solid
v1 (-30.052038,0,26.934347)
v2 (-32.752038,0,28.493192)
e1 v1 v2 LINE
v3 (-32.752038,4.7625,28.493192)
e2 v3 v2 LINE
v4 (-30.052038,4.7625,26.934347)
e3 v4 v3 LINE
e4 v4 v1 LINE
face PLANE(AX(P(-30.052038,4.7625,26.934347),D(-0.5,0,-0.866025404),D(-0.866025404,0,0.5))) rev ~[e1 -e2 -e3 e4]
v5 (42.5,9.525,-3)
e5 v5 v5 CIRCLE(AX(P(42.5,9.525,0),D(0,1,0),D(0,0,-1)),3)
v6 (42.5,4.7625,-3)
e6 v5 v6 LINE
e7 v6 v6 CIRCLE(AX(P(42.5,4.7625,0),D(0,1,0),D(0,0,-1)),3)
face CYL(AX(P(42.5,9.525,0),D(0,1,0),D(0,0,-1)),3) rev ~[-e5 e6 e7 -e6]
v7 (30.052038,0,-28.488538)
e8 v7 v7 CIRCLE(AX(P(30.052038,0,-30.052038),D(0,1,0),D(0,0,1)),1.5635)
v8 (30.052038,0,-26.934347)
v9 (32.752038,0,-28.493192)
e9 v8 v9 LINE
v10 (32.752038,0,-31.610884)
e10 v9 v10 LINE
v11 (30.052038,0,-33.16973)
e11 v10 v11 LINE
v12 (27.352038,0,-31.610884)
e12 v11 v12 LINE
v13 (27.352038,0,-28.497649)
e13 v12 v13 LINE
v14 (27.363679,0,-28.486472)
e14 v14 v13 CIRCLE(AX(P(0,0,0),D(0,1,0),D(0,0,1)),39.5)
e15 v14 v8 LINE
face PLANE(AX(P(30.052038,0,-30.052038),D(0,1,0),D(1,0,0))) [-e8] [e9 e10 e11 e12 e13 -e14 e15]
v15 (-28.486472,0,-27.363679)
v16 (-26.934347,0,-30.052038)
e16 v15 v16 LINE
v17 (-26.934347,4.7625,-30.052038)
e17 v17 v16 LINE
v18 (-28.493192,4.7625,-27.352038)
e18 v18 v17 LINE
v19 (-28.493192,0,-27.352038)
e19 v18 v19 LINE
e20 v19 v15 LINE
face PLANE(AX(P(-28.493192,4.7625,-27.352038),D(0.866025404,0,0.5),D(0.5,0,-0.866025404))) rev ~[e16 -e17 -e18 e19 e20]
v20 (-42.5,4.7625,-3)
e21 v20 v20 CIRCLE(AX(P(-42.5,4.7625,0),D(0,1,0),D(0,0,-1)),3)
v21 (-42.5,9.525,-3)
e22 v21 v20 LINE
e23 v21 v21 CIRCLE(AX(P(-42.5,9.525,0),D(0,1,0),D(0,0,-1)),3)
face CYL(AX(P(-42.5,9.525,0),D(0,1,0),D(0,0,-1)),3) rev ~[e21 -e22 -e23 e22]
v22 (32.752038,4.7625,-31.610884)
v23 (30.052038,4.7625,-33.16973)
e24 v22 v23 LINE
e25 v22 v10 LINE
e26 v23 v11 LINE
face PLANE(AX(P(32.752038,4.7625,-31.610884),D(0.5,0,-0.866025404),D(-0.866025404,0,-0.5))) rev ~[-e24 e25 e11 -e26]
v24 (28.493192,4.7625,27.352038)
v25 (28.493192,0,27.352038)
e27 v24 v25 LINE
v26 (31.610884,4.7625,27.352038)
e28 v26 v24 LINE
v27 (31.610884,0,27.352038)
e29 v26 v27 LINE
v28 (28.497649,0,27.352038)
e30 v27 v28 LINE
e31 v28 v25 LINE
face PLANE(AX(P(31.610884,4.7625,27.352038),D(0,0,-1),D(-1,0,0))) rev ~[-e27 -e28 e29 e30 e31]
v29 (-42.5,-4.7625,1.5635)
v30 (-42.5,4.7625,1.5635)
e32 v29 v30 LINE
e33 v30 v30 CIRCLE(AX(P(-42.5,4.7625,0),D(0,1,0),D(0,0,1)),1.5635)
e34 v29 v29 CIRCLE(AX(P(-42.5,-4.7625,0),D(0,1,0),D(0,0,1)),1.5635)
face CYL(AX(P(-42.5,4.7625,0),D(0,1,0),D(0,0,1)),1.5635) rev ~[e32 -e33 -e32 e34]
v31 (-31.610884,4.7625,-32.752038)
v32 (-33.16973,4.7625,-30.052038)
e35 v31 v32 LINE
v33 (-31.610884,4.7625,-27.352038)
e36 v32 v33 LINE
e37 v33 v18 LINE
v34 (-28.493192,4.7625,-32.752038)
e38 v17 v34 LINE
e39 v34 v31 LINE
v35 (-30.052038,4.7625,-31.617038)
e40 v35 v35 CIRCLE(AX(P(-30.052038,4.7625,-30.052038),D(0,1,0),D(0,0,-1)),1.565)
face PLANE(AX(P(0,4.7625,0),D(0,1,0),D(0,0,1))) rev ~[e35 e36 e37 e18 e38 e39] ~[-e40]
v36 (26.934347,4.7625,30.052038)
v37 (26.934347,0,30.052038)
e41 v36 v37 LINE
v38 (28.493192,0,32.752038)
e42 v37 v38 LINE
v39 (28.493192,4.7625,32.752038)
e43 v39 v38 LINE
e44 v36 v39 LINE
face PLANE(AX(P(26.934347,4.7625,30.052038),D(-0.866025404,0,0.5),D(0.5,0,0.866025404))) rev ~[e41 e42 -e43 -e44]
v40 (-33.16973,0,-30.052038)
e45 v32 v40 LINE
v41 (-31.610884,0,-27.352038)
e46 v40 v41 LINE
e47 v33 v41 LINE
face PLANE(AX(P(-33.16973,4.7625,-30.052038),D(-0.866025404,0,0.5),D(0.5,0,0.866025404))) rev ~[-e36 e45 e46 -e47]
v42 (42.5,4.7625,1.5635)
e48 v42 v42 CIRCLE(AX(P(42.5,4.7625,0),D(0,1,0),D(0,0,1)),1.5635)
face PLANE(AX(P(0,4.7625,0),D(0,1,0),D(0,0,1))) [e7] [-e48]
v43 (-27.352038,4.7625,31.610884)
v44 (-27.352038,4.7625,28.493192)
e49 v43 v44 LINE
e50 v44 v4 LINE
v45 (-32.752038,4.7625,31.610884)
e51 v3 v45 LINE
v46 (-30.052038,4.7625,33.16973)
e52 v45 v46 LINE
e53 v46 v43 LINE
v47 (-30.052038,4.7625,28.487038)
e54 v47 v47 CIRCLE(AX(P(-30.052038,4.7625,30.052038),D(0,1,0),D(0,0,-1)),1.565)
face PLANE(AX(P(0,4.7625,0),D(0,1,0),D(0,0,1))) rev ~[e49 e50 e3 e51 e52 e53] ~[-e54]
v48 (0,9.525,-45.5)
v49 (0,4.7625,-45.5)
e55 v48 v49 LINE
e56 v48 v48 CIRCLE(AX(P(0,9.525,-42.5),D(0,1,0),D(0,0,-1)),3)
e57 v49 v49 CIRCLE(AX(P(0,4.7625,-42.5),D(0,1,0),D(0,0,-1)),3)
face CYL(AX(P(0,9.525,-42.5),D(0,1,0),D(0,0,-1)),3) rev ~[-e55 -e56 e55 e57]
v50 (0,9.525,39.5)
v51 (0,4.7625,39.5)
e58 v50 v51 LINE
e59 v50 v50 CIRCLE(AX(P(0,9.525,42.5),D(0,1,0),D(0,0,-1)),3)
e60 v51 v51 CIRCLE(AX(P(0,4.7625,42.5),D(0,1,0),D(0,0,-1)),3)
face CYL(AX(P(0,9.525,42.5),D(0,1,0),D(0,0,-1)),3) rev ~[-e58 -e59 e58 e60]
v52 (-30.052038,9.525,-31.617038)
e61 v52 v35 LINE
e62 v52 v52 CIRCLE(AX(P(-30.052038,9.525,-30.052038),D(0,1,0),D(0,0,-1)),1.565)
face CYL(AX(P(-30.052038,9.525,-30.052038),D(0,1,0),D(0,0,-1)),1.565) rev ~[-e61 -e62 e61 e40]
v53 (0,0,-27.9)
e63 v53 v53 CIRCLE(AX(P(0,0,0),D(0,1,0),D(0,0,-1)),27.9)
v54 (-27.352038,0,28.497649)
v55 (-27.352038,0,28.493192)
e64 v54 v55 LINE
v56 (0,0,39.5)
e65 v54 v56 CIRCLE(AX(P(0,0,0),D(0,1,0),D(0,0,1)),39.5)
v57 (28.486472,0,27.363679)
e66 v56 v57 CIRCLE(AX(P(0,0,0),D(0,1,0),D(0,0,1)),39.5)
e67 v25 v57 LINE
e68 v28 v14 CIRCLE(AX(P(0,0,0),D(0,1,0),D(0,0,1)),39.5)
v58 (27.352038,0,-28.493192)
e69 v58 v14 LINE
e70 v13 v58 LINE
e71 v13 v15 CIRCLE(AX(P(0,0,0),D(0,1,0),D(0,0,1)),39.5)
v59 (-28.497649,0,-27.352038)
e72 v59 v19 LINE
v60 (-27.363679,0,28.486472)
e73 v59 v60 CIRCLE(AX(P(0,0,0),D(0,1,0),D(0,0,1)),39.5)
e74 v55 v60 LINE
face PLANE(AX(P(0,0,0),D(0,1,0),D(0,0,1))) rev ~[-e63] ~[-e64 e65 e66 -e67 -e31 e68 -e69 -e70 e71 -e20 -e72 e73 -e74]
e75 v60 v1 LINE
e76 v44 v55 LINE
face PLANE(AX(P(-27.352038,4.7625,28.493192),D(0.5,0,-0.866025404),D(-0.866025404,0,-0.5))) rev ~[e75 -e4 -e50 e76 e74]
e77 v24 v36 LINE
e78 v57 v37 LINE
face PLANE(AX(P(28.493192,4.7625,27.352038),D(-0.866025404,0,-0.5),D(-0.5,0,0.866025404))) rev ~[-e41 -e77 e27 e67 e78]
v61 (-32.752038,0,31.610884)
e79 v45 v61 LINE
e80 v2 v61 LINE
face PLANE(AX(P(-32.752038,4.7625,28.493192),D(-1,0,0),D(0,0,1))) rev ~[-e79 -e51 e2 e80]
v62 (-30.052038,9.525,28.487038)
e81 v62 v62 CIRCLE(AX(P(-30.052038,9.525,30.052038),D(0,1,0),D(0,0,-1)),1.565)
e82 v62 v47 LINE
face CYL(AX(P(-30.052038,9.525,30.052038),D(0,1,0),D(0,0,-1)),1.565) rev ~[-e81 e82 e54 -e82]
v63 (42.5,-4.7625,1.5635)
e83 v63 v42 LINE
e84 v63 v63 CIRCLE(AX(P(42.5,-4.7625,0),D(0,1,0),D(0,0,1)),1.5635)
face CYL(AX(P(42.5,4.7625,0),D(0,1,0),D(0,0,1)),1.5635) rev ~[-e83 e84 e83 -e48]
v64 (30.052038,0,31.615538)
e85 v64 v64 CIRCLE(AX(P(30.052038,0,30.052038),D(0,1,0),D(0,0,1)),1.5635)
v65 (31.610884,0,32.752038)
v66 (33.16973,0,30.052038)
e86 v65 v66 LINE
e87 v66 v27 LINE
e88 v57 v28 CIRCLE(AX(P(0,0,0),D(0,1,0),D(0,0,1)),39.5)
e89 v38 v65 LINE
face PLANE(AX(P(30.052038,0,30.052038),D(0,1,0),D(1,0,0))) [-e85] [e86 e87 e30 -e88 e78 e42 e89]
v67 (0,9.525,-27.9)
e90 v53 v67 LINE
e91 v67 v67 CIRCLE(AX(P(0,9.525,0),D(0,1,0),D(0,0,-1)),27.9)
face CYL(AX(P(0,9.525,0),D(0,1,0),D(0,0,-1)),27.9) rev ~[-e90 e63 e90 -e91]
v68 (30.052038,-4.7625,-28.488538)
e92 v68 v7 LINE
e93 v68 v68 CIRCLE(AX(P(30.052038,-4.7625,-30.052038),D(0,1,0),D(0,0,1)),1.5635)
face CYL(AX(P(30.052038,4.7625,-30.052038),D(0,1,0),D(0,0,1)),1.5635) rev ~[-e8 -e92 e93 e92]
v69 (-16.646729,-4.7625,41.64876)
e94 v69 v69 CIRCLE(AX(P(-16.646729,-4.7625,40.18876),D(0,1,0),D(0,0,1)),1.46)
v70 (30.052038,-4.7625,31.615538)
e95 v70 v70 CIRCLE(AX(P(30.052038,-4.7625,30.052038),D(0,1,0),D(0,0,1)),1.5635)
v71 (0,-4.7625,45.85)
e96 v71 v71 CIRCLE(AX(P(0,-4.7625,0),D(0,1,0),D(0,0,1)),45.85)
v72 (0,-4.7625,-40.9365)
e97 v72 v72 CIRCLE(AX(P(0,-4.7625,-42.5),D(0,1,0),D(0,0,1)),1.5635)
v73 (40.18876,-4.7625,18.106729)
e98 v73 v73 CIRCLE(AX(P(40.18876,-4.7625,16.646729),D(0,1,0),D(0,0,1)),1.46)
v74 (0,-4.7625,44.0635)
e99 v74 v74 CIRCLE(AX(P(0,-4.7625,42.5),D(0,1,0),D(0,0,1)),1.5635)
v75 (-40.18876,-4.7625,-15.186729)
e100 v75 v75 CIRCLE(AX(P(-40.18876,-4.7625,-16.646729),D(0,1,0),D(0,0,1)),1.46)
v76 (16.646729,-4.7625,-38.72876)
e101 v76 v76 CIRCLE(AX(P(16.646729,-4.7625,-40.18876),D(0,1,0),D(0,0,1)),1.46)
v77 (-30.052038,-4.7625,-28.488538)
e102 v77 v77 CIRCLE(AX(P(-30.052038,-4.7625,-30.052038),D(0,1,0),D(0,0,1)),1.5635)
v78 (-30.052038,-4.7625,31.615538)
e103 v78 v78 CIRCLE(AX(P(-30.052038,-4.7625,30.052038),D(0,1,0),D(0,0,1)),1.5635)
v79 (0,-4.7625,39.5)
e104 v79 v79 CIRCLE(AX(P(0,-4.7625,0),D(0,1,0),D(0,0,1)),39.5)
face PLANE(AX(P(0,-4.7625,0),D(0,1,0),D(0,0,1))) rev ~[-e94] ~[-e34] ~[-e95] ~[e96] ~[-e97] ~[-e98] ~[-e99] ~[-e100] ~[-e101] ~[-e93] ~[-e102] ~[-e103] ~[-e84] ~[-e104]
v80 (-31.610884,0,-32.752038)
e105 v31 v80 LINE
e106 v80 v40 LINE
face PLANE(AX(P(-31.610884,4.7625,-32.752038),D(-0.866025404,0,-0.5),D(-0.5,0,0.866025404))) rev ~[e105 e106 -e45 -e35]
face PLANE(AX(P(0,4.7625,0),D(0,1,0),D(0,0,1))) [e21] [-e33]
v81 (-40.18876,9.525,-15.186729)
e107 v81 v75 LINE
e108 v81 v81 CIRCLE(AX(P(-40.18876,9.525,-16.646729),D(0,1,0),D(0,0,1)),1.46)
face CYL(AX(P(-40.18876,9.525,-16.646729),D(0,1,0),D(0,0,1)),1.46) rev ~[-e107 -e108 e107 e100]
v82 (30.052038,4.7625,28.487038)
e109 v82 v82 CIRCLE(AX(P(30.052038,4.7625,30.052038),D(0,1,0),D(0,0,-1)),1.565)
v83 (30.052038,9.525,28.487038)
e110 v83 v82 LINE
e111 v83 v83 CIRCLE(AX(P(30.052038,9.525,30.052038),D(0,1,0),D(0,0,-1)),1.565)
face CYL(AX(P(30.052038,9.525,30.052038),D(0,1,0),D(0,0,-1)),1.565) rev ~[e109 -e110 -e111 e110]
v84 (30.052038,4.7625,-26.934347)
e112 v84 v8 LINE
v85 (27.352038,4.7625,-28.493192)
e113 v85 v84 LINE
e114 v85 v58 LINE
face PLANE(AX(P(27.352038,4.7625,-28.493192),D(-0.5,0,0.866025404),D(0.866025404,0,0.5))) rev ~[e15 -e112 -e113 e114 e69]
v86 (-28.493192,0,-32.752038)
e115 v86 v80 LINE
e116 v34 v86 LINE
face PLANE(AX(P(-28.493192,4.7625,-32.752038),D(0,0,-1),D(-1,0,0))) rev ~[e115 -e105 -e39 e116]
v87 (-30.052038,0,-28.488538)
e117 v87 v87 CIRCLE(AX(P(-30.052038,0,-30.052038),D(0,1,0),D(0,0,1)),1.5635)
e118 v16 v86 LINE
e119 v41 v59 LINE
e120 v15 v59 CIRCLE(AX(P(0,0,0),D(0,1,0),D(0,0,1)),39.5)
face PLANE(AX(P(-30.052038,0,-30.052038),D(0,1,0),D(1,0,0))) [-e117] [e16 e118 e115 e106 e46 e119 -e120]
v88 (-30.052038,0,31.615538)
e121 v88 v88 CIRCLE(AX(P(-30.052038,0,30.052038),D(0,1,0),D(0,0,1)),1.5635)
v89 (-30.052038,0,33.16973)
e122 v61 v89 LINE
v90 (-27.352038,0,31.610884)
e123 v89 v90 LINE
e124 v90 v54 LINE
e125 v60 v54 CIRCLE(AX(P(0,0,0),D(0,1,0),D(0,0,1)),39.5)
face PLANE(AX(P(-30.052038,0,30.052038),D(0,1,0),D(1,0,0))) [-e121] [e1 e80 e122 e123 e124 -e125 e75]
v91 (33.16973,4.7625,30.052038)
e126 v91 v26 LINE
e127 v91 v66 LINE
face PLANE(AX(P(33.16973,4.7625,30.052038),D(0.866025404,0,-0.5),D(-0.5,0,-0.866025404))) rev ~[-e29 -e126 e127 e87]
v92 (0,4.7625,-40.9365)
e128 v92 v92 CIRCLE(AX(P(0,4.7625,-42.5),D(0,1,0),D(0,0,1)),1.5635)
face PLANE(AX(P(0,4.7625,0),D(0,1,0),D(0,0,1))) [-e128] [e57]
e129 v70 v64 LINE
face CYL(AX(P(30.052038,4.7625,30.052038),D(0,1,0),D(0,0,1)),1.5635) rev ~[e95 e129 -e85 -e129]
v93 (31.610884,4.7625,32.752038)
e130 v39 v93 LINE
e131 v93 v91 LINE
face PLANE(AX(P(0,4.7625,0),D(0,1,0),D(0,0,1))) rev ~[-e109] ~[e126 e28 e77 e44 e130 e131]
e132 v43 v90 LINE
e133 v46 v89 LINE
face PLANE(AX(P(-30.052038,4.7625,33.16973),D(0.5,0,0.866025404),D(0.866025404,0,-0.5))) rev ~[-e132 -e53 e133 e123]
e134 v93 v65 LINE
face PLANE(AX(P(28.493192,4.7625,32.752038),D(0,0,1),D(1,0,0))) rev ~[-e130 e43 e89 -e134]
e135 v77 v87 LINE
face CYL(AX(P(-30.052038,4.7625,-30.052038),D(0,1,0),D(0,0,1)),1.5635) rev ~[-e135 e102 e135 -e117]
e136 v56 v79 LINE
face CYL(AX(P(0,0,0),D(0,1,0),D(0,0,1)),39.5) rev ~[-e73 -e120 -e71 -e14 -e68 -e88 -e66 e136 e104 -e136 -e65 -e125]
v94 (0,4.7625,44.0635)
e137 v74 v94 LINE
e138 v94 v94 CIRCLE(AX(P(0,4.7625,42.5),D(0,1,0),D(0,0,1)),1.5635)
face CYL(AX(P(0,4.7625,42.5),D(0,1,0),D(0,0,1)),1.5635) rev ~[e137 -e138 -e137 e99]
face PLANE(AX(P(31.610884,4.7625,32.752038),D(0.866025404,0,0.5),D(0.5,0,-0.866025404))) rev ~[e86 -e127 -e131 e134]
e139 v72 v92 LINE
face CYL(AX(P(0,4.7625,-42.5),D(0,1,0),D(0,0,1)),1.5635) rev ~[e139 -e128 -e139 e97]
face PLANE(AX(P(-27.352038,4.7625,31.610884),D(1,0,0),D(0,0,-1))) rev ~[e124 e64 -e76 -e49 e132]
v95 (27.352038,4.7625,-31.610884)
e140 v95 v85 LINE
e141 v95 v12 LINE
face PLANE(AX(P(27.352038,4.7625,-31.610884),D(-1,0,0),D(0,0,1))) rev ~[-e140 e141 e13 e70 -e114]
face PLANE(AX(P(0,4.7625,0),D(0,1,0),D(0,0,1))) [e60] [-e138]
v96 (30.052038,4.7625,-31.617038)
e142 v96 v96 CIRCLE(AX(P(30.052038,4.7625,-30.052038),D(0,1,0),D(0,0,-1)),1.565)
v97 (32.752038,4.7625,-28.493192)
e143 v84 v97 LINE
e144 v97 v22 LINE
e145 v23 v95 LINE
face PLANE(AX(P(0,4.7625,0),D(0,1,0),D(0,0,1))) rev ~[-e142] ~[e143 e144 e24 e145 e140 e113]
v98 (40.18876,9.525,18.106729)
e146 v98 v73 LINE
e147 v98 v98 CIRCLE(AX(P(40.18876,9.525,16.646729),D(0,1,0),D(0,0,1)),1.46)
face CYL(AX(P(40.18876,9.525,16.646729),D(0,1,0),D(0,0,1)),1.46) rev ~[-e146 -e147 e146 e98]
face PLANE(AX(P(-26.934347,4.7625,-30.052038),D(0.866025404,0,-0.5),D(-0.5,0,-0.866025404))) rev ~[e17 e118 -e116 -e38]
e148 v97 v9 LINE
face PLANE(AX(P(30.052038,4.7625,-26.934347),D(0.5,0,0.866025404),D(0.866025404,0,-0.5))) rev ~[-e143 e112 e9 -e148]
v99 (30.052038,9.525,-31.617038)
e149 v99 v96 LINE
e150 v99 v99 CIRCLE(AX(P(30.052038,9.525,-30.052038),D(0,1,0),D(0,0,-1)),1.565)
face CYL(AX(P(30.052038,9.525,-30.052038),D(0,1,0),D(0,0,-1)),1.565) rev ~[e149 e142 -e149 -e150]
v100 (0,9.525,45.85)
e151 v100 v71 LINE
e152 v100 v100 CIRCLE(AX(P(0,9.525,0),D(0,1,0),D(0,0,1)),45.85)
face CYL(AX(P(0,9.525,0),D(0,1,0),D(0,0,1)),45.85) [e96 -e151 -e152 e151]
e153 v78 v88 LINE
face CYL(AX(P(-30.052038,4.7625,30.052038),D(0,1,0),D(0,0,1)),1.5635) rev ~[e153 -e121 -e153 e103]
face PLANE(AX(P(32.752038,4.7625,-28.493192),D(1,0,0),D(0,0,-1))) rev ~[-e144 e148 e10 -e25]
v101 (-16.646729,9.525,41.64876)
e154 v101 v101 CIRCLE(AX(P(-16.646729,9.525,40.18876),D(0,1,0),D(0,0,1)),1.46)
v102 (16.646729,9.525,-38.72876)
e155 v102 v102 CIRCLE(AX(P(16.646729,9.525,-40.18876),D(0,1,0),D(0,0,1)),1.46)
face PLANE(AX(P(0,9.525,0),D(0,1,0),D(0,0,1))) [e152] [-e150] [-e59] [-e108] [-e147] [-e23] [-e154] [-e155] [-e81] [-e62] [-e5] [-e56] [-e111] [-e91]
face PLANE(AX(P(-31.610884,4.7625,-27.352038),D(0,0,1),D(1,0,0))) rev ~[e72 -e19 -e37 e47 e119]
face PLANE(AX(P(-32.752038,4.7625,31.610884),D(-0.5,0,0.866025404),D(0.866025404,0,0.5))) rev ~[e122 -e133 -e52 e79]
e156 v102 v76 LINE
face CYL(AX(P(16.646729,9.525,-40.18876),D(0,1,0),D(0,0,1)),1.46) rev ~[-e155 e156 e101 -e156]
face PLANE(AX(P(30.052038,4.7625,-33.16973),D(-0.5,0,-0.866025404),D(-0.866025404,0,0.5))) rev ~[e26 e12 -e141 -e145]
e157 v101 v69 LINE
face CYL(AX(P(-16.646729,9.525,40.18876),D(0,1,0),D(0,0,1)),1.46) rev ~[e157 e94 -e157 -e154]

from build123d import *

# Parameters (mm, degrees)
SKETCH1_R           = 45.85
SKETCH1_R_2         = 1.5635
SKETCH1_R_3         = 39.5
BOSS_EXTRUDE1_DEPTH = 4.7625
BOSS_EXTRUDE2_START = 4.7625
SKETCH1_4_R         = 45.85
SKETCH1_4_R_2       = 1.5635
SKETCH1_4_R_3       = 27.9
BOSS_EXTRUDE2_DEPTH = 4.7625
CUT_EXTRUDE2_DEPTH  = 4.7625
BOSS_EXTRUDE3_START = 4.7625
SKETCH3_R           = 45.85
SKETCH3_R_2         = 3
SKETCH3_R_3         = 27.9
SKETCH3_R_4         = 1.565
BOSS_EXTRUDE3_DEPTH = 4.7625
SKETCH6_R           = 1.46
CUT_EXTRUDE4_DEPTH  = 67.397120843


with BuildPart() as part:
    # Sketch1 → Boss-Extrude1 (new body)
    with BuildSketch(Plane(origin=(0, 0, 0), x_dir=(1, 0, 0), z_dir=(0, 1, 0))):
        Circle(SKETCH1_R)
        with Locations((-30.0520382, -30.0520382)):
            Circle(SKETCH1_R_2, mode=Mode.SUBTRACT)
        with Locations((0, -42.5)):
            Circle(SKETCH1_R_2, mode=Mode.SUBTRACT)
        with Locations((30.0520382, -30.0520382)):
            Circle(SKETCH1_R_2, mode=Mode.SUBTRACT)
        with Locations((-42.5, 0)):
            Circle(SKETCH1_R_2, mode=Mode.SUBTRACT)
        with Locations((-30.0520382, 30.0520382)):
            Circle(SKETCH1_R_2, mode=Mode.SUBTRACT)
        Circle(SKETCH1_R_3, mode=Mode.SUBTRACT)
        with Locations((42.5, 0)):
            Circle(SKETCH1_R_2, mode=Mode.SUBTRACT)
        with Locations((0, 42.5)):
            Circle(SKETCH1_R_2, mode=Mode.SUBTRACT)
        with Locations((30.0520382, 30.0520382)):
            Circle(SKETCH1_R_2, mode=Mode.SUBTRACT)
    extrude(amount=-BOSS_EXTRUDE1_DEPTH)

    # Sketch1<4> → Boss-Extrude2 (add)
    with BuildSketch(Plane(origin=(0, 0, 0), x_dir=(1, 0, 0), z_dir=(0, 1, 0)).offset(BOSS_EXTRUDE2_START)):
        Circle(SKETCH1_4_R)
        with Locations((-30.0520382, -30.0520382)):
            Circle(SKETCH1_4_R_2, mode=Mode.SUBTRACT)
        with Locations((0, -42.5)):
            Circle(SKETCH1_4_R_2, mode=Mode.SUBTRACT)
        with Locations((30.0520382, -30.0520382)):
            Circle(SKETCH1_4_R_2, mode=Mode.SUBTRACT)
        with Locations((-42.5, 0)):
            Circle(SKETCH1_4_R_2, mode=Mode.SUBTRACT)
        with Locations((-30.0520382, 30.0520382)):
            Circle(SKETCH1_4_R_2, mode=Mode.SUBTRACT)
        with Locations((42.5, 0)):
            Circle(SKETCH1_4_R_2, mode=Mode.SUBTRACT)
        with Locations((0, 42.5)):
            Circle(SKETCH1_4_R_2, mode=Mode.SUBTRACT)
        with Locations((30.0520382, 30.0520382)):
            Circle(SKETCH1_4_R_2, mode=Mode.SUBTRACT)
        Circle(SKETCH1_4_R_3, mode=Mode.SUBTRACT)
    extrude(amount=-BOSS_EXTRUDE2_DEPTH)

    # Sketch4 → Cut-Extrude2 (cut)
    with BuildSketch(Plane(origin=(0, 4.7625, 0), x_dir=(1, 0, 0), z_dir=(0, 1, 0))):
        Polygon((28.493192474, -27.3520382), (26.934346747, -30.0520382), (28.493192474, -32.7520382), (31.610883927, -32.7520382), (33.169729654, -30.0520382), (31.610883927, -27.3520382), align=None)
        Polygon((30.0520382, 33.169729654), (27.3520382, 31.610883927), (27.3520382, 28.493192474), (30.0520382, 26.934346747), (32.7520382, 28.493192474), (32.7520382, 31.610883927), align=None)
        Polygon((-27.3520382, -28.493192474), (-30.0520382, -26.934346747), (-32.7520382, -28.493192474), (-32.7520382, -31.610883927), (-30.0520382, -33.169729654), (-27.3520382, -31.610883927), align=None)
        Polygon((-28.493192474, 27.3520382), (-26.934346747, 30.0520382), (-28.493192474, 32.7520382), (-31.610883927, 32.7520382), (-33.169729654, 30.0520382), (-31.610883927, 27.3520382), align=None)
    extrude(amount=-CUT_EXTRUDE2_DEPTH, mode=Mode.SUBTRACT)

    # Sketch3 → Boss-Extrude3 (add)
    with BuildSketch(Plane(origin=(0, 4.7625, 0), x_dir=(1, 0, 0), z_dir=(0, 1, 0)).offset(BOSS_EXTRUDE3_START)):
        Circle(SKETCH3_R)
        with Locations((0, -42.5)):
            Circle(SKETCH3_R_2, mode=Mode.SUBTRACT)
        with Locations((-42.5, 0)):
            Circle(SKETCH3_R_2, mode=Mode.SUBTRACT)
        Circle(SKETCH3_R_3, mode=Mode.SUBTRACT)
        with Locations((42.5, 0)):
            Circle(SKETCH3_R_2, mode=Mode.SUBTRACT)
        with Locations((0, 42.5)):
            Circle(SKETCH3_R_2, mode=Mode.SUBTRACT)
        with Locations((-30.0520382, -30.0520382)):
            Circle(SKETCH3_R_4, mode=Mode.SUBTRACT)
        with Locations((30.0520382, -30.0520382)):
            Circle(SKETCH3_R_4, mode=Mode.SUBTRACT)
        with Locations((-30.0520382, 30.0520382)):
            Circle(SKETCH3_R_4, mode=Mode.SUBTRACT)
        with Locations((30.0520382, 30.0520382)):
            Circle(SKETCH3_R_4, mode=Mode.SUBTRACT)
    extrude(amount=-BOSS_EXTRUDE3_DEPTH)

    # Sketch6 → Cut-Extrude4 (cut, through all)
    with BuildSketch(Plane(origin=(0, 9.525, 0), x_dir=(1, 0, 0), z_dir=(0, 1, 0))):
        with Locations((-40.188759664, 16.646729308)):
            Circle(SKETCH6_R)
        with Locations((16.646729308, 40.188759664)):
            Circle(SKETCH6_R)
        with Locations((40.188759664, -16.646729308)):
            Circle(SKETCH6_R)
        with Locations((-16.646729308, -40.188759664)):
            Circle(SKETCH6_R)
    extrude(amount=-CUT_EXTRUDE4_DEPTH, mode=Mode.SUBTRACT)


solid = part.part
